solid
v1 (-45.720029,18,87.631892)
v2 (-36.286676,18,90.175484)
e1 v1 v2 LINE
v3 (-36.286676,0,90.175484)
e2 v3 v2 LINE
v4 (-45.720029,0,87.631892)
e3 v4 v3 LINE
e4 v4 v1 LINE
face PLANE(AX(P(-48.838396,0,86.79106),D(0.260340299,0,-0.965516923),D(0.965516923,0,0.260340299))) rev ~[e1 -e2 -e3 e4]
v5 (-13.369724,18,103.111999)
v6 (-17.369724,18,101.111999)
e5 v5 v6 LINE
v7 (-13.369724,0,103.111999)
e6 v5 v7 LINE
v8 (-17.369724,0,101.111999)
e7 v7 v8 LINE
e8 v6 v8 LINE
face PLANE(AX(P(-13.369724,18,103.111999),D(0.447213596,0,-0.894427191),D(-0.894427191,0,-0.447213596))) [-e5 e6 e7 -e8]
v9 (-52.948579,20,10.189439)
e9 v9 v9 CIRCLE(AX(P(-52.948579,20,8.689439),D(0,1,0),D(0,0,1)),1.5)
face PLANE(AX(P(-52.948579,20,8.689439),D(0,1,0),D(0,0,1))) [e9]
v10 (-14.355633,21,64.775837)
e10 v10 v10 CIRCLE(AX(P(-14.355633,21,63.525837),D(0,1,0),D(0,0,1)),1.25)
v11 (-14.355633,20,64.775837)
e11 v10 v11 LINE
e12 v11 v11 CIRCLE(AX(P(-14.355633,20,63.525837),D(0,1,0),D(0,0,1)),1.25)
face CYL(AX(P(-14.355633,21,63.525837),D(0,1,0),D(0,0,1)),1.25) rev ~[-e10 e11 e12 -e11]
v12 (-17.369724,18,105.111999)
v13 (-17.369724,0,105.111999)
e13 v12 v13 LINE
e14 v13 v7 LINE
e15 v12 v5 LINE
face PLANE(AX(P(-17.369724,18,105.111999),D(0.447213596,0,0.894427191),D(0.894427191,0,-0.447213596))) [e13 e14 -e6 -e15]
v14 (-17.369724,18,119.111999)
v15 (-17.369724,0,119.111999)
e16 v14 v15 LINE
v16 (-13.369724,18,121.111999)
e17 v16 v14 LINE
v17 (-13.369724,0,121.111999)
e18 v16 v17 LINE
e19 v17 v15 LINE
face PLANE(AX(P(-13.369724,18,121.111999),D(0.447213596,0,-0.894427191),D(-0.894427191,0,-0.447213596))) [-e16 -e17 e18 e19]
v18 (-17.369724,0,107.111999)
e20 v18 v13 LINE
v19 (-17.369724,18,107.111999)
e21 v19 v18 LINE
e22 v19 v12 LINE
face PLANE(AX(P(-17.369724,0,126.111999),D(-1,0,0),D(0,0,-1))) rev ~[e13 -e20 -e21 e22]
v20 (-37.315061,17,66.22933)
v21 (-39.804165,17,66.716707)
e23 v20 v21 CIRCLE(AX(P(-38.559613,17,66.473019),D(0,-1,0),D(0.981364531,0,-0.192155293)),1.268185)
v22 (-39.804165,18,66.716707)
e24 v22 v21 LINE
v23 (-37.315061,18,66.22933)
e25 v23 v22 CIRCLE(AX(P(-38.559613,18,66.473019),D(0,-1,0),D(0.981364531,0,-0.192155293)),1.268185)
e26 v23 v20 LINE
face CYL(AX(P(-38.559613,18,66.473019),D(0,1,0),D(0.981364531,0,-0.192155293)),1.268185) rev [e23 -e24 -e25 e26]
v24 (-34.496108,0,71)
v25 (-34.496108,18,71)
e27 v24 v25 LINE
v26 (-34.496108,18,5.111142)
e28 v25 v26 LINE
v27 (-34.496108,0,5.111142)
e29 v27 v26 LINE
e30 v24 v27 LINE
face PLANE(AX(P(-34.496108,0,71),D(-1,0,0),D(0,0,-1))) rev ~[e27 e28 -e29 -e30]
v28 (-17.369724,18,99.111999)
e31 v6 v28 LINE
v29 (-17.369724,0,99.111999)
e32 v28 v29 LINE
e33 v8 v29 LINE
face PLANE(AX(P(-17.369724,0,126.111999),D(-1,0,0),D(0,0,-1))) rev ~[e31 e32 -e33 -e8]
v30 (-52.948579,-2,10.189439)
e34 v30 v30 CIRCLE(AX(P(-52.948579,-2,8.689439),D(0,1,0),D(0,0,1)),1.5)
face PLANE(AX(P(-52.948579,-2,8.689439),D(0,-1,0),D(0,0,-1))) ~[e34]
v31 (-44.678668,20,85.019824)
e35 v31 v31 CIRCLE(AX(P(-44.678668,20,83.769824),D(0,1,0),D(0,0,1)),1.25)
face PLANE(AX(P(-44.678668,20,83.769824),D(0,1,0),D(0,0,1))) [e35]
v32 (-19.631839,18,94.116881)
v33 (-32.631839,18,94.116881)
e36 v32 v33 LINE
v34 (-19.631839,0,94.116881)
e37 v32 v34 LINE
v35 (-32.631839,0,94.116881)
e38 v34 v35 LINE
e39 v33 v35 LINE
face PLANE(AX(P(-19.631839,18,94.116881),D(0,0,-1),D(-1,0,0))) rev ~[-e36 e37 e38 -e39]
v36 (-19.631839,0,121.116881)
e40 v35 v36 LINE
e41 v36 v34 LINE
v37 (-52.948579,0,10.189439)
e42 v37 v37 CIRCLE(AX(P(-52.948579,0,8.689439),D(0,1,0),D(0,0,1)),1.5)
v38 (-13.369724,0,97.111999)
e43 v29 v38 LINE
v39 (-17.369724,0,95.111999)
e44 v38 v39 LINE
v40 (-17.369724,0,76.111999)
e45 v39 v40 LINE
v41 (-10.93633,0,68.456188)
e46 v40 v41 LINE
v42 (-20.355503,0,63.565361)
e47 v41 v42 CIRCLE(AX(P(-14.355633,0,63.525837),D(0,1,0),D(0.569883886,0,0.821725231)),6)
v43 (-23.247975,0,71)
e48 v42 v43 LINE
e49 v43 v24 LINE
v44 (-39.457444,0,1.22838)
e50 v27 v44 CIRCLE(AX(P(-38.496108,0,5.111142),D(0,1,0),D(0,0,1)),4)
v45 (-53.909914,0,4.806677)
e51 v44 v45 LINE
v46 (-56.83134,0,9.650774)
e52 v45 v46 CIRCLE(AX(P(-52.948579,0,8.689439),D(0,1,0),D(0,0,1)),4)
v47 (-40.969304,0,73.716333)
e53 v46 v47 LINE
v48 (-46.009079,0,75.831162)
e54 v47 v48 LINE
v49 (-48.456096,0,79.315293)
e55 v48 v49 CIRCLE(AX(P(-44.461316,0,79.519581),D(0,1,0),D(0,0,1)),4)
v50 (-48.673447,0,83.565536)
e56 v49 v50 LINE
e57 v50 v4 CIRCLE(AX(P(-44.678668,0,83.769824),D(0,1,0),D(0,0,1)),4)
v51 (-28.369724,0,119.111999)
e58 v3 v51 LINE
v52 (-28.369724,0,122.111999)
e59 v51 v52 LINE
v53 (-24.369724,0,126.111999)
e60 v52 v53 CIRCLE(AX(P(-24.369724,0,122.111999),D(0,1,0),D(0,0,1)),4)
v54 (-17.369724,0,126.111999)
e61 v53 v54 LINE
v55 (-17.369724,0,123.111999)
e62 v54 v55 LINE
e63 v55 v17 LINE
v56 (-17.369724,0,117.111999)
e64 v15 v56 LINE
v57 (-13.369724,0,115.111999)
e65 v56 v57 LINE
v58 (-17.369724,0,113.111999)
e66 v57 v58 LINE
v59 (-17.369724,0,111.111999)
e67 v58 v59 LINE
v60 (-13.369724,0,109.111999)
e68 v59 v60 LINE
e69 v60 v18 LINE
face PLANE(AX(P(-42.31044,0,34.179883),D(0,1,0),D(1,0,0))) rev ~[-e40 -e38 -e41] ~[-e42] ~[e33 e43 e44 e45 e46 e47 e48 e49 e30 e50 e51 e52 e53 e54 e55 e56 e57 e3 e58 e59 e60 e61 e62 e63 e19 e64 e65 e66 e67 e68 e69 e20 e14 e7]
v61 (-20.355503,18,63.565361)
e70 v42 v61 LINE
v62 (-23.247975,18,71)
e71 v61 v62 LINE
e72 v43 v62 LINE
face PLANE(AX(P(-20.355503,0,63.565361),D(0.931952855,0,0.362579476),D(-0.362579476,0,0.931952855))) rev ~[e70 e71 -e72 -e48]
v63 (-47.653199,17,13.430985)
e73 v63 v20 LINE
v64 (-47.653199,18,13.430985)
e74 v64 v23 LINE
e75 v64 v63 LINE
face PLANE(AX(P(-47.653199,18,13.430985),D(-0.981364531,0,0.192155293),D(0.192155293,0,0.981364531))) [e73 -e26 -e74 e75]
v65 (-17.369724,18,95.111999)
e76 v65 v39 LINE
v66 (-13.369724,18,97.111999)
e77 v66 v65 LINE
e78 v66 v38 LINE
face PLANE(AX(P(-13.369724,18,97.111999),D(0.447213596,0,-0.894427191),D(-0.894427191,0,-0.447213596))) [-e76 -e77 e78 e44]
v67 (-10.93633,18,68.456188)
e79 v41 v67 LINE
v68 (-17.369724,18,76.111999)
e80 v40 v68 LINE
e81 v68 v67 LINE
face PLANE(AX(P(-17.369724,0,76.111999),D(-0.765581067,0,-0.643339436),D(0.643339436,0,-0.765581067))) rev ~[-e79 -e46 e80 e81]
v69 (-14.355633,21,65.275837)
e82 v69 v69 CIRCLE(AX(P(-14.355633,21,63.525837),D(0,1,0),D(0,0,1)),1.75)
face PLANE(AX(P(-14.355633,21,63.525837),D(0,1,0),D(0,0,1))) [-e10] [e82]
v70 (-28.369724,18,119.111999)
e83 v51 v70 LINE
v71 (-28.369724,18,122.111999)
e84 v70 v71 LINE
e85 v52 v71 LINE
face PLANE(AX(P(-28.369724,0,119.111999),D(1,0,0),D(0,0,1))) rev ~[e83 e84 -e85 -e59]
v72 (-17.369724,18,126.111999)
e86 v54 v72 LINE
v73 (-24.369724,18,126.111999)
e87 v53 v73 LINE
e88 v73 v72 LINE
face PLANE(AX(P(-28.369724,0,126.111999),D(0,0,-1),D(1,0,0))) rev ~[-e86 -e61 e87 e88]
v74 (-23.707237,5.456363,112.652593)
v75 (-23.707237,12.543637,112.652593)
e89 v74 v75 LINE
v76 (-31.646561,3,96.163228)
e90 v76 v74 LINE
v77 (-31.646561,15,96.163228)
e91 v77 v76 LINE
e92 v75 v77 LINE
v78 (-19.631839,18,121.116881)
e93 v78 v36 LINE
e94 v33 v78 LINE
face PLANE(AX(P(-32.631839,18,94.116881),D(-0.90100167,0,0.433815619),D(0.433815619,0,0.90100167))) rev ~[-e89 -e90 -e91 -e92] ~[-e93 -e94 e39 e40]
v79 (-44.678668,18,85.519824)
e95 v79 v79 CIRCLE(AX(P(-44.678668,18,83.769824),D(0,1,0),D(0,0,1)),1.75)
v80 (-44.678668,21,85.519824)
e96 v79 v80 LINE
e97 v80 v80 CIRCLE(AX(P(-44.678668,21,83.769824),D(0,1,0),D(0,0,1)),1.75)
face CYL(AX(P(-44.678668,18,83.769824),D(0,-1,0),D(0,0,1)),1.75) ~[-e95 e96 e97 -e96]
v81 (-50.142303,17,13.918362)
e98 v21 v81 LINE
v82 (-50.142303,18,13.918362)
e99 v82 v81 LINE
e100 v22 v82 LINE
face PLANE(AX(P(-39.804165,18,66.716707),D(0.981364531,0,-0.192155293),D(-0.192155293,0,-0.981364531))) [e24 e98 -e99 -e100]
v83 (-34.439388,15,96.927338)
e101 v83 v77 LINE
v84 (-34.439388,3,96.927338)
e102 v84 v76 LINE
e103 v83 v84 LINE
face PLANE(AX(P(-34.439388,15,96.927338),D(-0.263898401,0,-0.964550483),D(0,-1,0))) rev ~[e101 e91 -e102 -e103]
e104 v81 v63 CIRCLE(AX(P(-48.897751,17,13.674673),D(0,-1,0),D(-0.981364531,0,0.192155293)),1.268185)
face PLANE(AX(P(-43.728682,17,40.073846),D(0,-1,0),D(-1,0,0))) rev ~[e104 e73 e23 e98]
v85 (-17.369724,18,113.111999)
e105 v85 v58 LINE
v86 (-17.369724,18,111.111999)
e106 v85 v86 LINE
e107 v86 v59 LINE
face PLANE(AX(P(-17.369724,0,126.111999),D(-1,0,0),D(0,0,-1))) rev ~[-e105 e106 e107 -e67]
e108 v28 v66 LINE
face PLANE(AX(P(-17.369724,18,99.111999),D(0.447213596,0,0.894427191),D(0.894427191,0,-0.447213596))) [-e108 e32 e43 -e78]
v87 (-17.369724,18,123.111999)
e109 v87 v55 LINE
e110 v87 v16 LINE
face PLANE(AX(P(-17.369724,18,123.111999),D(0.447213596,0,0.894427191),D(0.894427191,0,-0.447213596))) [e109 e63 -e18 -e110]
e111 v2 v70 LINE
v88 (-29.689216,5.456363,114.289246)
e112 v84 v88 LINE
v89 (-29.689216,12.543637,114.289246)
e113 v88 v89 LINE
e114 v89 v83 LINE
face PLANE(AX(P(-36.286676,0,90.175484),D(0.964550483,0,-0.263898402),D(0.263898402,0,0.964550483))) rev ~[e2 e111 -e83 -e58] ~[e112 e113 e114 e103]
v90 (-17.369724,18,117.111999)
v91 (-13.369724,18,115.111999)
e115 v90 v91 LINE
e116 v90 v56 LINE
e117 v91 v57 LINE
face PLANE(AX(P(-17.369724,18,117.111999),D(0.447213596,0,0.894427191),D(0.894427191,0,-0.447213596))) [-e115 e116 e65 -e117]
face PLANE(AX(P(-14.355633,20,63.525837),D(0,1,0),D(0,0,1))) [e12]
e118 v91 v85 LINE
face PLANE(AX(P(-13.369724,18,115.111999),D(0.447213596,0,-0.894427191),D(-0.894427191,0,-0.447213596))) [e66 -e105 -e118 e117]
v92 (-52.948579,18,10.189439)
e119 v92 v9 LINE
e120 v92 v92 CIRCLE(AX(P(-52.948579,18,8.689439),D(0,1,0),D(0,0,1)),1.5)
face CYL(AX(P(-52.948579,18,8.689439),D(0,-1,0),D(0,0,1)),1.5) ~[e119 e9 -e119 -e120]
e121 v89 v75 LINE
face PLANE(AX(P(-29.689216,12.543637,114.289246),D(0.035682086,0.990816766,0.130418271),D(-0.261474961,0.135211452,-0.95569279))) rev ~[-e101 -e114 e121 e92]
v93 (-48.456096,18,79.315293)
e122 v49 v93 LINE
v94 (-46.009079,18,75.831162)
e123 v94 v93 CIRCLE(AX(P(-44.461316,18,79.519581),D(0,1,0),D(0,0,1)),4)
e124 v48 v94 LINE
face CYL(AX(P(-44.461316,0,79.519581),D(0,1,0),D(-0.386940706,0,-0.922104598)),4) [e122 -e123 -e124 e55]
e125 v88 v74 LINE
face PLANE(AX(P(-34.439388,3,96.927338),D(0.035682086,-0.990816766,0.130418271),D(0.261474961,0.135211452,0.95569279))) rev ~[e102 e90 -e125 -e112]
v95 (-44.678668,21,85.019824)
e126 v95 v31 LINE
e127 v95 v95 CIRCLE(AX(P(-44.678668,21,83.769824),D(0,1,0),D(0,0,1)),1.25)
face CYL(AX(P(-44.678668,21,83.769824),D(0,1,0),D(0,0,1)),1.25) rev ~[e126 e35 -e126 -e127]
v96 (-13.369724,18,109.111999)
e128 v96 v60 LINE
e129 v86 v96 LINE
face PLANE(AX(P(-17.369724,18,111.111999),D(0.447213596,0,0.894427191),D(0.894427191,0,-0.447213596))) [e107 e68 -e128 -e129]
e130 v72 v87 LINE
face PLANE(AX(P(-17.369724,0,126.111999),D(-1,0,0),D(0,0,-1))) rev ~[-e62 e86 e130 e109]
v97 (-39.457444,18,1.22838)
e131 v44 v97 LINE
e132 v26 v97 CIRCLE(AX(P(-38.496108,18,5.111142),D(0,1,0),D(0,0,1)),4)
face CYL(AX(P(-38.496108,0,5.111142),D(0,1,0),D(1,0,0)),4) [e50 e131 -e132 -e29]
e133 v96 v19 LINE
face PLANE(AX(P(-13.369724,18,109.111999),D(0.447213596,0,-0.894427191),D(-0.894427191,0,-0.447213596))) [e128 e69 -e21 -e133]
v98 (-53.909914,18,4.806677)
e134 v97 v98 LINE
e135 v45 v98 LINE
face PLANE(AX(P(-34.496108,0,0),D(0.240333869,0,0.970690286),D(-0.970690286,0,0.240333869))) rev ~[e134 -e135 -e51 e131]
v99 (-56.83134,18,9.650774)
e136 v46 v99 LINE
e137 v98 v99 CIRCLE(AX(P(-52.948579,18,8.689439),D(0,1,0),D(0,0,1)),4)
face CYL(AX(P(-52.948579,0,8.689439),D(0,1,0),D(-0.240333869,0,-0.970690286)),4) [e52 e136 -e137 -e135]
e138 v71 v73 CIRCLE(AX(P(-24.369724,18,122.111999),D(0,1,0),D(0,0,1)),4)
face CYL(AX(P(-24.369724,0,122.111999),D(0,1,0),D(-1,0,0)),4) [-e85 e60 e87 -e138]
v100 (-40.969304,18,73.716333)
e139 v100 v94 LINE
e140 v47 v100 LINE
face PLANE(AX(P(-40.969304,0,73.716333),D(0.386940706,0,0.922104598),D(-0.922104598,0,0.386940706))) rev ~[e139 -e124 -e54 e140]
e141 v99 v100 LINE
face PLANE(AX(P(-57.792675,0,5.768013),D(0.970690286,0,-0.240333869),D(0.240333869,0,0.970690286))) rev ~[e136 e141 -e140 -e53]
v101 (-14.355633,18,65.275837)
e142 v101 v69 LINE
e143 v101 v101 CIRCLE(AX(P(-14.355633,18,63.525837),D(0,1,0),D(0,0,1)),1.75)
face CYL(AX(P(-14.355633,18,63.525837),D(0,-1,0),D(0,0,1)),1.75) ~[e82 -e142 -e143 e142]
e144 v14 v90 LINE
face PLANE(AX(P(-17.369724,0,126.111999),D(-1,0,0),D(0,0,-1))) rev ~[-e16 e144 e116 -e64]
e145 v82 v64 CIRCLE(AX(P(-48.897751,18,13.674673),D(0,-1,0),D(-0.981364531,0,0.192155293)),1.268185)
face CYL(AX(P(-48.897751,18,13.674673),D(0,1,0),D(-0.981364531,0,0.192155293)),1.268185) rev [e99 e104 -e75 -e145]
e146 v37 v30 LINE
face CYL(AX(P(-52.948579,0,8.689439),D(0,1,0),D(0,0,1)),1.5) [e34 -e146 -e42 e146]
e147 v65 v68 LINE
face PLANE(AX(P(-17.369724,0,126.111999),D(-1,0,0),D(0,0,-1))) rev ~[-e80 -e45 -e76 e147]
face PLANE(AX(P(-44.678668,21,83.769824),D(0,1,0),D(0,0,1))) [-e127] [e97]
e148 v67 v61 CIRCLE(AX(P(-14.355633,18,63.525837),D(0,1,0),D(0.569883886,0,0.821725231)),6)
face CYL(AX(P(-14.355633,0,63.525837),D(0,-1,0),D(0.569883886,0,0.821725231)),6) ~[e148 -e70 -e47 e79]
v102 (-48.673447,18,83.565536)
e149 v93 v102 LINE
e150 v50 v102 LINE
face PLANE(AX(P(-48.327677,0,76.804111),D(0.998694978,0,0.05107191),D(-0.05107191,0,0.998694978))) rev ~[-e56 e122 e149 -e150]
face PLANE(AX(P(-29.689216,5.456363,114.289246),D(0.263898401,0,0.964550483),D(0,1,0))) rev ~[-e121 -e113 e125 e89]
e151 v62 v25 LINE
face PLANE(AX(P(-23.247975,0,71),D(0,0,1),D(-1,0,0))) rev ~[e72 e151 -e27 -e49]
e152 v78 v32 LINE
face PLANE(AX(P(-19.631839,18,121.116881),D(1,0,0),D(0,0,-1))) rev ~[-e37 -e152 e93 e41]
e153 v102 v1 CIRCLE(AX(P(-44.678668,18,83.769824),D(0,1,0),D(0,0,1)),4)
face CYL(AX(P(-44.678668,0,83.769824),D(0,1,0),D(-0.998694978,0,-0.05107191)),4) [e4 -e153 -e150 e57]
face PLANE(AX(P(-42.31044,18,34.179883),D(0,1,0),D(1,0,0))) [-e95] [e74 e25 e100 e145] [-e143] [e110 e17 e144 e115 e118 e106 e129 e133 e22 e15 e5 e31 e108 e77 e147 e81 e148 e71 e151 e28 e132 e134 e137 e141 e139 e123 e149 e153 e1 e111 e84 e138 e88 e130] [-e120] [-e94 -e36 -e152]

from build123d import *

# Parameters (mm, degrees)
BOSS_EXTRUDE1_DEPTH = 18
FILLET2_R           = 4
BOSS_EXTRUDE2_DEPTH = 18
LPATTERN1_COUNT     = 5
LPATTERN1_PITCH     = 6
CUT_EXTRUDE1_DEPTH  = 26
CUT_EXTRUDE2_DEPTH  = 8
SKETCH6_R           = 1.75
BOSS_EXTRUDE3_DEPTH = 3
SKETCH7_R           = 1.25
CUT_EXTRUDE4_DEPTH  = 1
SKETCH8_R           = 1.25
CUT_EXTRUDE5_DEPTH  = 1
CUT_EXTRUDE6_DEPTH  = 1
SKETCH5_R           = 1.5
BOSS_EXTRUDE4_DEPTH = 2


with BuildPart() as part:
    # Sketch1 → Boss-Extrude1 (new body)
    with BuildSketch(Plane(origin=(0, 0, 0), x_dir=(1, 0, 0), z_dir=(0, 1, 0))):
        Polygon((-40.969304311, -73.71633288), (-34.496108293, -71), (-34.496108293, 0), (-57.792675156, -5.768012861), align=None)
        with BuildLine():
            Line((-23.247974987, -71), (-34.496108293, -71))
            Line((-34.496108293, -71), (-40.969304311, -73.71633288))
            Line((-40.969304311, -73.71633288), (-48.327677264, -76.804110593))
            Line((-48.327677264, -76.804110593), (-48.838396363, -86.791060378))
            Line((-48.838396363, -86.791060378), (-36.286676362, -90.175484262))
            Line((-36.286676362, -90.175484262), (-28.369724317, -119.111998743))
            Line((-28.369724317, -119.111998743), (-28.369724317, -126.111998743))
            Line((-28.369724317, -126.111998743), (-17.369724317, -126.111998743))
            Line((-17.369724317, -126.111998743), (-17.369724317, -76.111998743))
            Line((-17.369724317, -76.111998743), (-10.936329958, -68.456188073))
            ThreePointArc((-10.936329958, -68.456188073), (-11.590696078, -58.200883887), (-20.355503093, -63.56536121))
            Line((-20.355503093, -63.56536121), (-23.247974987, -71))
        make_face()
    extrude(amount=BOSS_EXTRUDE1_DEPTH)

    # Fillet2
    fillet2_edges = [part.edges().sort_by_distance(p)[0] for p in [
        (-57.792675156, 9, 5.768012861),
        (-34.496108293, 9, 0),
        (-28.369724317, 9, 126.111998743),
        (-48.838396363, 9, 86.791060378),
        (-48.327677264, 9, 76.804110593),
    ]]
    fillet(fillet2_edges, radius=FILLET2_R)

    # Sketch2 → Boss-Extrude2 (add, through all)
    with BuildSketch(Plane(origin=(0, 18, 0), x_dir=(1, 0, 0), z_dir=(0, 1, 0))):
        Polygon((-17.369724317, -119.111998743), (-17.369724317, -123.111998743), (-13.369724317, -121.111998743), align=None)
    boss_extrude2 = extrude(amount=-BOSS_EXTRUDE2_DEPTH)

    # LPattern1: Boss-Extrude2 ×5
    with Locations(*[(0, 0, -i * LPATTERN1_PITCH) for i in range(1, LPATTERN1_COUNT)]):
        add(boss_extrude2)

    # Sketch3 → Cut-Extrude1 (cut)
    with BuildSketch(Plane(origin=(0, 18, 0), x_dir=(1, 0, 0), z_dir=(0, 1, 0))):
        Polygon((-19.631839037, -121.116880753), (-19.631839037, -94.116880753), (-32.631839037, -94.116880753), align=None)
    extrude(amount=-CUT_EXTRUDE1_DEPTH, mode=Mode.SUBTRACT)

    # Sketch4 → Cut-Extrude2 (cut)
    with BuildSketch(Plane(origin=(-56.713154452, 0, 15.516565563), x_dir=(0.2638984014912162, 0, 0.9645504827070385), z_dir=(-0.9645504827070386, 0, 0.2638984014912162))):
        Polygon((84.402810986, 15), (84.402810986, 3), (102.402810986, 5.456363489), (102.402810986, 12.543636511), align=None)
    extrude(amount=-CUT_EXTRUDE2_DEPTH, mode=Mode.SUBTRACT)

    # Sketch6 → Boss-Extrude3 (add)
    with BuildSketch(Plane(origin=(0, 18, 0), x_dir=(1, 0, 0), z_dir=(0, 1, 0))):
        with Locations(Location((-14.355633277, -63.525836684, 0), (0, 0, 270))):
            Circle(SKETCH6_R)
        with Locations(Location((-44.67866751, -83.769823901, 0), (0, 0, 270))):
            Circle(SKETCH6_R)
    extrude(amount=BOSS_EXTRUDE3_DEPTH)

    # Sketch7 → Cut-Extrude4 (cut)
    with BuildSketch(Plane(origin=(0, 21, 0), x_dir=(1, 0, 0), z_dir=(0, 1, 0))):
        with Locations(Location((-14.355633277, -63.525836684, 0), (0, 0, 270))):
            Circle(SKETCH7_R)
    extrude(amount=-CUT_EXTRUDE4_DEPTH, mode=Mode.SUBTRACT)

    # Sketch8 → Cut-Extrude5 (cut)
    with BuildSketch(Plane(origin=(0, 21, 0), x_dir=(1, 0, 0), z_dir=(0, 1, 0))):
        with Locations(Location((-44.67866751, -83.769823901, 0), (0, 0, 270))):
            Circle(SKETCH8_R)
    extrude(amount=-CUT_EXTRUDE5_DEPTH, mode=Mode.SUBTRACT)

    # Sketch9 → Cut-Extrude6 (cut)
    with BuildSketch(Plane(origin=(0, 18, 0), x_dir=(1, 0, 0), z_dir=(0, 1, 0))):
        with BuildLine():
            Line((-47.653198818, -13.430984589), (-37.315061162, -66.229330476))
            ThreePointArc((-37.315061162, -66.229330476), (-38.31592464, -67.717570951), (-39.804165115, -66.716707473))
            Line((-39.804165115, -66.716707473), (-50.142302771, -13.918361587))
            ThreePointArc((-50.142302771, -13.918361587), (-49.141439293, -12.430121111), (-47.653198818, -13.430984589))
        make_face()
    extrude(amount=-CUT_EXTRUDE6_DEPTH, mode=Mode.SUBTRACT)

    # Sketch5 → Boss-Extrude4 (add)
    with BuildSketch(Plane(origin=(0, 18, 0), x_dir=(1, 0, 0), z_dir=(0, 1, 0))):
        with Locations(Location((-52.948578536, -8.689438528, 0), (0, 0, 270))):
            Circle(SKETCH5_R)
    boss_extrude4 = extrude(amount=BOSS_EXTRUDE4_DEPTH)

    # Mirror1: Boss-Extrude4 across plane
    add(boss_extrude4.mirror(Plane.ZX.offset(9)))


solid = part.part
